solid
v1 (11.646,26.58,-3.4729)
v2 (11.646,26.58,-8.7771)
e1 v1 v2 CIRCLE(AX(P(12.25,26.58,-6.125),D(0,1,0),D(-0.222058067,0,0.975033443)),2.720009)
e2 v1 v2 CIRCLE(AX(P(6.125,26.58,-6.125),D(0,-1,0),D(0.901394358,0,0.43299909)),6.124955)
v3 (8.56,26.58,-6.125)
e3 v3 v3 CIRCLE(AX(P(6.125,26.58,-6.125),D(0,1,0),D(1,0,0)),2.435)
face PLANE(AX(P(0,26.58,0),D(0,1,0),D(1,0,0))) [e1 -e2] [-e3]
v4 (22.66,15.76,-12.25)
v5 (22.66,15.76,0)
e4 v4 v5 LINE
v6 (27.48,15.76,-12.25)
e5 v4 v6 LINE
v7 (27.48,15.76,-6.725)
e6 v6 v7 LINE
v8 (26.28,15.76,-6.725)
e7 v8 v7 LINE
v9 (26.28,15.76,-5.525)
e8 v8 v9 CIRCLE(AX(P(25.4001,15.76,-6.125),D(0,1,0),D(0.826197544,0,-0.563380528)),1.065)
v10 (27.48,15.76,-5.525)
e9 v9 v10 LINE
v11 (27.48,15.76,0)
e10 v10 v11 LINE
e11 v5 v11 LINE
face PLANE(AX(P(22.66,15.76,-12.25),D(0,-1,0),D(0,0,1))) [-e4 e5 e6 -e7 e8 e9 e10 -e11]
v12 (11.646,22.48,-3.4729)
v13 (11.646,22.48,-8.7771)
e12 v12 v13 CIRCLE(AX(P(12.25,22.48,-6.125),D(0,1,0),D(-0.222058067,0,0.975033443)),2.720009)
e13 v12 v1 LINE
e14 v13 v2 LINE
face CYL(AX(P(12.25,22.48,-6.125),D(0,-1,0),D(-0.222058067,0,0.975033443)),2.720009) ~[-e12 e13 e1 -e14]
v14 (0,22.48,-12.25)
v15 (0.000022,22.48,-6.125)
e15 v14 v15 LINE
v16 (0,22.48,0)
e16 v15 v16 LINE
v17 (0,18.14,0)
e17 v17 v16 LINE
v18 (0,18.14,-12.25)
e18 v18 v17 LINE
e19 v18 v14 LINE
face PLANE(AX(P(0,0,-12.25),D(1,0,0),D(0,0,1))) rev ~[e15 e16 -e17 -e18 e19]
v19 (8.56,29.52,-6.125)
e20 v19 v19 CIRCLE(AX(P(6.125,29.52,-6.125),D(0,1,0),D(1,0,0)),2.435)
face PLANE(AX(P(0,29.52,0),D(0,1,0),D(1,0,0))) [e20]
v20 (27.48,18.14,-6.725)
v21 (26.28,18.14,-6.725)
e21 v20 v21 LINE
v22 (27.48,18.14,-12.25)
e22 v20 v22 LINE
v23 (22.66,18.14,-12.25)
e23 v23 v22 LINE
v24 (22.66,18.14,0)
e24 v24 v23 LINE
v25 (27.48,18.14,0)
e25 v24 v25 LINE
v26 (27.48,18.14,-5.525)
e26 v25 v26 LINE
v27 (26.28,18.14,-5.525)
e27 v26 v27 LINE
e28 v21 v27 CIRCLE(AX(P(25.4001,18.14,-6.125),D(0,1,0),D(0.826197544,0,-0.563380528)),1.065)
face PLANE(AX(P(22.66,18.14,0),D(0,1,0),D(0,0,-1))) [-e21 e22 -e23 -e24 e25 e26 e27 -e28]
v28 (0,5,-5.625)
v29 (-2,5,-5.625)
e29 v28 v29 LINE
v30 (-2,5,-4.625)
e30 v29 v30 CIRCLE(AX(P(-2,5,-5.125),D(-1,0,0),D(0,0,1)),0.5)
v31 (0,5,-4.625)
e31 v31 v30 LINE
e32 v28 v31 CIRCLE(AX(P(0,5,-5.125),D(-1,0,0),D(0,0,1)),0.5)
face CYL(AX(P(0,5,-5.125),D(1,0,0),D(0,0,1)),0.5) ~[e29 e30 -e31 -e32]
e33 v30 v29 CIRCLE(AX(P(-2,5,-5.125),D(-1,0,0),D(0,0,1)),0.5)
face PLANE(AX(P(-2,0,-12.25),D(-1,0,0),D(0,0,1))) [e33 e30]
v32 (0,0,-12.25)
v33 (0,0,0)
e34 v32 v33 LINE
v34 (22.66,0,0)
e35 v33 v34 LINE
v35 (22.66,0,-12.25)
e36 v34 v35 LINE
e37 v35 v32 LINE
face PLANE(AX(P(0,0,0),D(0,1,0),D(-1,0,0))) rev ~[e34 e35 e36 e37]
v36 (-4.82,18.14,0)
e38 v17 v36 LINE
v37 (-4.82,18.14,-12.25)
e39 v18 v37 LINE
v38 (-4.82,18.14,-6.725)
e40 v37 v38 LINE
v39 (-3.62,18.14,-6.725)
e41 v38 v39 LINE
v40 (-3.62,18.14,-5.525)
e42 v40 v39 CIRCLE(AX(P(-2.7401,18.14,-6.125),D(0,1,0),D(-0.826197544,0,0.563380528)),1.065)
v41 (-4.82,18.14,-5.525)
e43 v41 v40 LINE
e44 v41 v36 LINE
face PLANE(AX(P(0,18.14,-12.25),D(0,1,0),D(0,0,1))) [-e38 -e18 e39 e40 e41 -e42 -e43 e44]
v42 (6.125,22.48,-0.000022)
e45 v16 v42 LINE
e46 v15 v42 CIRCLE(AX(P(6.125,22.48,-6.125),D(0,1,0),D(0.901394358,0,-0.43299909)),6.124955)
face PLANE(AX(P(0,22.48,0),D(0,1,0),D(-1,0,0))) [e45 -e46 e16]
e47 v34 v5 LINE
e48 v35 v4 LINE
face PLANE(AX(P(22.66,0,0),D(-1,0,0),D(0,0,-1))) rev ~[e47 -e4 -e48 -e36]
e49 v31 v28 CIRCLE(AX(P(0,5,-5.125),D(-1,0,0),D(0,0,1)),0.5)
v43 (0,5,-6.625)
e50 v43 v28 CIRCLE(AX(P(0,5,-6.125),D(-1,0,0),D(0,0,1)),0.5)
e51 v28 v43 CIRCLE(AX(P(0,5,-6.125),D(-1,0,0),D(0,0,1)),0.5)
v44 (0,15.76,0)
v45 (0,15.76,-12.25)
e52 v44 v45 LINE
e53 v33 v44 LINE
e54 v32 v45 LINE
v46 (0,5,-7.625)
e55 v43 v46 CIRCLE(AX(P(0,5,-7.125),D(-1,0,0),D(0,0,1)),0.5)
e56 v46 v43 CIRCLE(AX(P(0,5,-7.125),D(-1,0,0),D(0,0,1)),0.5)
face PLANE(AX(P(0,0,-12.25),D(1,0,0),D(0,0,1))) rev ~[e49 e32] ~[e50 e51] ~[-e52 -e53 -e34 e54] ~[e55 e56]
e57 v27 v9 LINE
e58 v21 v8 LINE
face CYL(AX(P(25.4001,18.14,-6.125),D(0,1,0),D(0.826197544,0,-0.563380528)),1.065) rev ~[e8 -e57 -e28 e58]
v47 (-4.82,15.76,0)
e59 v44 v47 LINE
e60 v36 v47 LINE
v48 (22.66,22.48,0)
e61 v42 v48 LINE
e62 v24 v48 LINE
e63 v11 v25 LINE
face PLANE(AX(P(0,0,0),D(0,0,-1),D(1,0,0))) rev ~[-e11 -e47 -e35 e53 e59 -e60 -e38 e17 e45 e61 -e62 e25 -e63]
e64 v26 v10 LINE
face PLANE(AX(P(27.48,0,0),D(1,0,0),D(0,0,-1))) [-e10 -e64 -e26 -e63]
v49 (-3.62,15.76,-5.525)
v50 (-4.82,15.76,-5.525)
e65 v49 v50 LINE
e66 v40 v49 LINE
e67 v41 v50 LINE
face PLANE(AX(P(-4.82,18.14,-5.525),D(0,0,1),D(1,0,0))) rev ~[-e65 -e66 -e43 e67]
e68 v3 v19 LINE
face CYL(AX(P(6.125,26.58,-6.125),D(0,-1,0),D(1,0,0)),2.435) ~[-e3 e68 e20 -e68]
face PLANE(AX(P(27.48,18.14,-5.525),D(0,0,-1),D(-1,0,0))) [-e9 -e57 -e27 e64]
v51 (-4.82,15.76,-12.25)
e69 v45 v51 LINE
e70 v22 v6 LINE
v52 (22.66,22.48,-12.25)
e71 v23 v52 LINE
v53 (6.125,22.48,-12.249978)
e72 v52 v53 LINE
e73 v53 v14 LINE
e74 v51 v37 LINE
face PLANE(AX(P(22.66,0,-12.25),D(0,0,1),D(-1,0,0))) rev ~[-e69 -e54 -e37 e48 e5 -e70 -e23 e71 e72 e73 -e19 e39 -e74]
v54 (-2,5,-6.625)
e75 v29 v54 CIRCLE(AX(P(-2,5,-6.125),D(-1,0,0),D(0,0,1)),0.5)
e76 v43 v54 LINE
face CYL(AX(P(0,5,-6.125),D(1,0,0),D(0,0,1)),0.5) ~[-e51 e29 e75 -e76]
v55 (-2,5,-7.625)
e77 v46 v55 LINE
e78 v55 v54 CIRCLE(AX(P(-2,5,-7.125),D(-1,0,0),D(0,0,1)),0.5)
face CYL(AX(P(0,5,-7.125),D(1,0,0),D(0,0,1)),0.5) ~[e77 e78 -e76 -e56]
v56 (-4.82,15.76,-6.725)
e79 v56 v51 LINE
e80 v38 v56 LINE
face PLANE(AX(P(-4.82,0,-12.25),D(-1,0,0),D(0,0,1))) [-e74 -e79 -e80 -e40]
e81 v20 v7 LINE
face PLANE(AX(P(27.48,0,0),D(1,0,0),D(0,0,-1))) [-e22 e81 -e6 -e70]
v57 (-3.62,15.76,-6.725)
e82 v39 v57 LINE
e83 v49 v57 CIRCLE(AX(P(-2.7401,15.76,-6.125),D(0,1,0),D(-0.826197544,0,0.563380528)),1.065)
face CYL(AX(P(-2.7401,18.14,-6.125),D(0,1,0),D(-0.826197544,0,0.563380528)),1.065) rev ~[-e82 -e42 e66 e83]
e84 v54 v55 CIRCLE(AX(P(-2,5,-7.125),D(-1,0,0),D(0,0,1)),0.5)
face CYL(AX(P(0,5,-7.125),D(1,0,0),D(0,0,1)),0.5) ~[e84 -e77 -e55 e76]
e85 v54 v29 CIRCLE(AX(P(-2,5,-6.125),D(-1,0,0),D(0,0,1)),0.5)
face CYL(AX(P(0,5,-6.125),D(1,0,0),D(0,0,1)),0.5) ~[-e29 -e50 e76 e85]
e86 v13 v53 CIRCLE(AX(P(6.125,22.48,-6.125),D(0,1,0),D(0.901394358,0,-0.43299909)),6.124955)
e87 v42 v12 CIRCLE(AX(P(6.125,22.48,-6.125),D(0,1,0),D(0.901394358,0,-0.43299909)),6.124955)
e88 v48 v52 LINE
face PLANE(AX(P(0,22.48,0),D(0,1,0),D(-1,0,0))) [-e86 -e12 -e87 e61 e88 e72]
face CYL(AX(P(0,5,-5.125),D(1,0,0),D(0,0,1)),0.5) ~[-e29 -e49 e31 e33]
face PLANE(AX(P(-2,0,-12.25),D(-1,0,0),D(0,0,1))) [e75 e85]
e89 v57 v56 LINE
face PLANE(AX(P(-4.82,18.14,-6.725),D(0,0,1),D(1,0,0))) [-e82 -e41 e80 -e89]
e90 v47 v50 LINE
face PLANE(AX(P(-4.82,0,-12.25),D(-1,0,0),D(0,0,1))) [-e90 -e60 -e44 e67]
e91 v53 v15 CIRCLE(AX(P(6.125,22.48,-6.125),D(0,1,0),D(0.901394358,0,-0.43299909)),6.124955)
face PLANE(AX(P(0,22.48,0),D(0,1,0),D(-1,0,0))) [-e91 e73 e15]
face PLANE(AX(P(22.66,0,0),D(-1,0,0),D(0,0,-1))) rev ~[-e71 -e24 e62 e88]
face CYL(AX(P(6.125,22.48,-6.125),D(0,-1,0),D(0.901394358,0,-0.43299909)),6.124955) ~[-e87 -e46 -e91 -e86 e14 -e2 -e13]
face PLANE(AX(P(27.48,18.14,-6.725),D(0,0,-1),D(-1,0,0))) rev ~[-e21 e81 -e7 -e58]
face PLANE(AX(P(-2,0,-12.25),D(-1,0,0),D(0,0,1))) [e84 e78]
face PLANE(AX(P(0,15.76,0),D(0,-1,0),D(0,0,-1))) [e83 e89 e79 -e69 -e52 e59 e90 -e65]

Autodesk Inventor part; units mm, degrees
ref_plane "YZ Plane" through (0, 0, 0) normal (1, 0, 0) x (0, 1, 0)
ref_plane "XZ Plane" through (0, 0, 0) normal (0, 1, 0) x (-1, 0, 0)
ref_plane "XY Plane" through (0, 0, 0) normal (0, 0, 1) x (1, 0, 0)
sketch "Sketch1" plane through (0, 0, 0) normal (0, 1, 0) x (-1, 0, 0)
  line L0 (0, 0) -> (-22.66, 0)
  line L1 (-22.66, 0) -> (-22.66, -12.25)
  line L2 (-22.66, -12.25) -> (0, -12.25)
  line L3 (0, -12.25) -> (0, 0)
  dimension "innerLength" = 22.66
  dimension "width" = 12.25
extrude "Extrusion1" add sketch "Sketch1" along normal blind 22.48
sketch "Sketch2" plane through (0, 0, -12.25) normal (-1, 0, 0) x (0, 0, 1)
  line L0 (0, 0) -> (0, 22.48) projected
  line L1 (0, 18.14) -> (12.25, 18.14)
  line L2 (12.25, 18.14) -> (12.25, 15.76)
  line L3 (12.25, 15.76) -> (0, 15.76)
  line L4 (0, 15.76) -> (0, 18.14)
  line L5 (0, 22.48) -> (12.25, 22.48) projected
  line L6 (12.25, 0) -> (12.25, 22.48) projected
  dimension "lipOffsetFromTop" = 4.34
  dimension "lipHeight" = 2.38
extrude "Extrusion2" add sketch "Sketch2" along normal blind 4.82 contours L0 L1 L2 L3
sketch "Sketch3" plane through (22.66, 0, 0) normal (1, 0, 0) x (0, 0, -1)
  line L0 (0, 18.14) -> (12.25, 18.14)
  line L1 (12.25, 18.14) -> (12.25, 15.76)
  line L2 (12.25, 15.76) -> (0, 15.76)
  line L3 (0, 15.76) -> (0, 18.14)
  line L4 (12.25, 0) -> (12.25, 22.48) projected
  line L5 (0, 0) -> (0, 22.48) projected
  line L6 (0, 22.48) -> (12.25, 22.48) projected
  dimension "d8" = 4.34
  dimension "d9" = 2.38
extrude "Extrusion3" add sketch "Sketch3" along normal blind 4.82 contours L0 L1 L2 L3
sketch "Sketch4" plane through (0, 22.48, 0) normal (0, 1, 0) x (1, 0, 0)
  arc A0 (11.646, 8.7771) -> (11.646, 3.4729) centre (6.125, 6.125) ccw
  arc A1 (11.646, 3.4729) -> (11.646, 8.7771) centre (12.25, 6.125) ccw
  line L0 (22.66, 12.25) -> (0, 12.25) projected
  line L1 (0, 12.25) -> (0, 0) projected
  line L2 (0, 0) -> (22.66, 0) projected
  dimension "d12" = 5.44
extrude "Extrusion4" add sketch "Sketch4" along normal blind 4.1 contours A1 A0
sketch "Sketch5" plane through (0, 26.58, 0) normal (0, 1, 0) x (1, 0, 0)
  circle A0 centre (6.125, 6.125) radius 2.435
  arc A1 (11.646, 8.7771) -> (11.646, 3.4729) centre (6.125, 6.125) ccw projected
  point P0 (0, 0)
  dimension "shaftDiameter" = 4.87
extrude "Extrusion5" add sketch "Sketch5" along normal blind 2.94
sketch "Sketch6" plane through (22.66, 18.14, 0) normal (0, 1, 0) x (1, 0, 0)
  arc A0 (3.62, 6.725) -> (3.62, 5.525) centre (2.7401, 6.125) ccw
  line L0 (4.82, 0) -> (4.82, 12.25) projected
  line L1 (4.82, 5.525) -> (3.62, 5.525)
  line L2 (4.82, 6.725) -> (3.62, 6.725)
  line L3 (0, 12.25) -> (4.82, 12.25) projected
  point P0 (-22.66, 0)
  dimension "mountingHoleDiameter" = 2.13
  dimension "d19" = 1.2
  dimension "d20" = 1.2
  dimension "d21" = 0.6
  dimension "d22" = 6.125
  dimension "mountingHoleOffset" = 2.0799
extrude "Extrusion6" cut sketch "Sketch6" against normal through all
sketch "Sketch7" plane through (0, 18.14, 0) normal (0, 1, 0) x (1, 0, 0)
  arc A0 (-3.62, 5.525) -> (-3.62, 6.725) centre (-2.7401, 6.125) ccw
  line L0 (0, 12.25) -> (-4.82, 12.25) projected
  line L1 (-4.82, 5.525) -> (-3.62, 5.525)
  line L2 (-4.82, 6.725) -> (-3.62, 6.725)
  line L3 (-4.82, 0) -> (-4.82, 12.25) projected
  line L4 (-4.82, 6.725) -> (-4.82, 5.525)
  point P0 (0, 0)
  dimension "d27" = 2.13
  dimension "d29" = 6.125
  dimension "d31" = 1.2
  dimension "d32" = 1.2
  dimension "d33" = 0.6
extrude "Extrusion7" cut sketch "Sketch7" against normal through all
sketch "Sketch8" plane through (0, 0, -12.25) normal (-1, 0, 0) x (0, 0, 1)
  circle A0 centre (5.125, 5) radius 0.5
  circle A1 centre (6.125, 5) radius 0.5
  circle A2 centre (7.125, 5) radius 0.5
  line L0 (0, 0) -> (0, 15.76) projected
  line L1 (2.9548, 5) -> (8.7957, 5)
  line L2 (0, 0) -> (12.25, 0) projected
  dimension "d36" = 1
  dimension "d37" = 6.125
  dimension "d38" = 5
extrude "Extrusion8" add sketch "Sketch8" along normal blind 2
equation "\"lipLength\" = -0.5 * innerLength + 0.5 * length"
equation "\"d8\" = lipOffsetFromTop"
equation "\"d9\" = lipHeight"
equation "\"d10\" = lipLength"
equation "\"d20\" = d19"
equation "\"d21\" = 0.5 * d19"
equation "\"d22\" = 0.5 * width"
equation "\"d27\" = mountingHoleDiameter"
equation "\"d29\" = 0.5 * width"
equation "\"d31\" = d19"
equation "\"d32\" = d19"
equation "\"d33\" = 0.5 * d19"
equation "\"d37\" = 0.5 * width"
equation "\"length\" = 32.3"
properties part number "micro-servo"
